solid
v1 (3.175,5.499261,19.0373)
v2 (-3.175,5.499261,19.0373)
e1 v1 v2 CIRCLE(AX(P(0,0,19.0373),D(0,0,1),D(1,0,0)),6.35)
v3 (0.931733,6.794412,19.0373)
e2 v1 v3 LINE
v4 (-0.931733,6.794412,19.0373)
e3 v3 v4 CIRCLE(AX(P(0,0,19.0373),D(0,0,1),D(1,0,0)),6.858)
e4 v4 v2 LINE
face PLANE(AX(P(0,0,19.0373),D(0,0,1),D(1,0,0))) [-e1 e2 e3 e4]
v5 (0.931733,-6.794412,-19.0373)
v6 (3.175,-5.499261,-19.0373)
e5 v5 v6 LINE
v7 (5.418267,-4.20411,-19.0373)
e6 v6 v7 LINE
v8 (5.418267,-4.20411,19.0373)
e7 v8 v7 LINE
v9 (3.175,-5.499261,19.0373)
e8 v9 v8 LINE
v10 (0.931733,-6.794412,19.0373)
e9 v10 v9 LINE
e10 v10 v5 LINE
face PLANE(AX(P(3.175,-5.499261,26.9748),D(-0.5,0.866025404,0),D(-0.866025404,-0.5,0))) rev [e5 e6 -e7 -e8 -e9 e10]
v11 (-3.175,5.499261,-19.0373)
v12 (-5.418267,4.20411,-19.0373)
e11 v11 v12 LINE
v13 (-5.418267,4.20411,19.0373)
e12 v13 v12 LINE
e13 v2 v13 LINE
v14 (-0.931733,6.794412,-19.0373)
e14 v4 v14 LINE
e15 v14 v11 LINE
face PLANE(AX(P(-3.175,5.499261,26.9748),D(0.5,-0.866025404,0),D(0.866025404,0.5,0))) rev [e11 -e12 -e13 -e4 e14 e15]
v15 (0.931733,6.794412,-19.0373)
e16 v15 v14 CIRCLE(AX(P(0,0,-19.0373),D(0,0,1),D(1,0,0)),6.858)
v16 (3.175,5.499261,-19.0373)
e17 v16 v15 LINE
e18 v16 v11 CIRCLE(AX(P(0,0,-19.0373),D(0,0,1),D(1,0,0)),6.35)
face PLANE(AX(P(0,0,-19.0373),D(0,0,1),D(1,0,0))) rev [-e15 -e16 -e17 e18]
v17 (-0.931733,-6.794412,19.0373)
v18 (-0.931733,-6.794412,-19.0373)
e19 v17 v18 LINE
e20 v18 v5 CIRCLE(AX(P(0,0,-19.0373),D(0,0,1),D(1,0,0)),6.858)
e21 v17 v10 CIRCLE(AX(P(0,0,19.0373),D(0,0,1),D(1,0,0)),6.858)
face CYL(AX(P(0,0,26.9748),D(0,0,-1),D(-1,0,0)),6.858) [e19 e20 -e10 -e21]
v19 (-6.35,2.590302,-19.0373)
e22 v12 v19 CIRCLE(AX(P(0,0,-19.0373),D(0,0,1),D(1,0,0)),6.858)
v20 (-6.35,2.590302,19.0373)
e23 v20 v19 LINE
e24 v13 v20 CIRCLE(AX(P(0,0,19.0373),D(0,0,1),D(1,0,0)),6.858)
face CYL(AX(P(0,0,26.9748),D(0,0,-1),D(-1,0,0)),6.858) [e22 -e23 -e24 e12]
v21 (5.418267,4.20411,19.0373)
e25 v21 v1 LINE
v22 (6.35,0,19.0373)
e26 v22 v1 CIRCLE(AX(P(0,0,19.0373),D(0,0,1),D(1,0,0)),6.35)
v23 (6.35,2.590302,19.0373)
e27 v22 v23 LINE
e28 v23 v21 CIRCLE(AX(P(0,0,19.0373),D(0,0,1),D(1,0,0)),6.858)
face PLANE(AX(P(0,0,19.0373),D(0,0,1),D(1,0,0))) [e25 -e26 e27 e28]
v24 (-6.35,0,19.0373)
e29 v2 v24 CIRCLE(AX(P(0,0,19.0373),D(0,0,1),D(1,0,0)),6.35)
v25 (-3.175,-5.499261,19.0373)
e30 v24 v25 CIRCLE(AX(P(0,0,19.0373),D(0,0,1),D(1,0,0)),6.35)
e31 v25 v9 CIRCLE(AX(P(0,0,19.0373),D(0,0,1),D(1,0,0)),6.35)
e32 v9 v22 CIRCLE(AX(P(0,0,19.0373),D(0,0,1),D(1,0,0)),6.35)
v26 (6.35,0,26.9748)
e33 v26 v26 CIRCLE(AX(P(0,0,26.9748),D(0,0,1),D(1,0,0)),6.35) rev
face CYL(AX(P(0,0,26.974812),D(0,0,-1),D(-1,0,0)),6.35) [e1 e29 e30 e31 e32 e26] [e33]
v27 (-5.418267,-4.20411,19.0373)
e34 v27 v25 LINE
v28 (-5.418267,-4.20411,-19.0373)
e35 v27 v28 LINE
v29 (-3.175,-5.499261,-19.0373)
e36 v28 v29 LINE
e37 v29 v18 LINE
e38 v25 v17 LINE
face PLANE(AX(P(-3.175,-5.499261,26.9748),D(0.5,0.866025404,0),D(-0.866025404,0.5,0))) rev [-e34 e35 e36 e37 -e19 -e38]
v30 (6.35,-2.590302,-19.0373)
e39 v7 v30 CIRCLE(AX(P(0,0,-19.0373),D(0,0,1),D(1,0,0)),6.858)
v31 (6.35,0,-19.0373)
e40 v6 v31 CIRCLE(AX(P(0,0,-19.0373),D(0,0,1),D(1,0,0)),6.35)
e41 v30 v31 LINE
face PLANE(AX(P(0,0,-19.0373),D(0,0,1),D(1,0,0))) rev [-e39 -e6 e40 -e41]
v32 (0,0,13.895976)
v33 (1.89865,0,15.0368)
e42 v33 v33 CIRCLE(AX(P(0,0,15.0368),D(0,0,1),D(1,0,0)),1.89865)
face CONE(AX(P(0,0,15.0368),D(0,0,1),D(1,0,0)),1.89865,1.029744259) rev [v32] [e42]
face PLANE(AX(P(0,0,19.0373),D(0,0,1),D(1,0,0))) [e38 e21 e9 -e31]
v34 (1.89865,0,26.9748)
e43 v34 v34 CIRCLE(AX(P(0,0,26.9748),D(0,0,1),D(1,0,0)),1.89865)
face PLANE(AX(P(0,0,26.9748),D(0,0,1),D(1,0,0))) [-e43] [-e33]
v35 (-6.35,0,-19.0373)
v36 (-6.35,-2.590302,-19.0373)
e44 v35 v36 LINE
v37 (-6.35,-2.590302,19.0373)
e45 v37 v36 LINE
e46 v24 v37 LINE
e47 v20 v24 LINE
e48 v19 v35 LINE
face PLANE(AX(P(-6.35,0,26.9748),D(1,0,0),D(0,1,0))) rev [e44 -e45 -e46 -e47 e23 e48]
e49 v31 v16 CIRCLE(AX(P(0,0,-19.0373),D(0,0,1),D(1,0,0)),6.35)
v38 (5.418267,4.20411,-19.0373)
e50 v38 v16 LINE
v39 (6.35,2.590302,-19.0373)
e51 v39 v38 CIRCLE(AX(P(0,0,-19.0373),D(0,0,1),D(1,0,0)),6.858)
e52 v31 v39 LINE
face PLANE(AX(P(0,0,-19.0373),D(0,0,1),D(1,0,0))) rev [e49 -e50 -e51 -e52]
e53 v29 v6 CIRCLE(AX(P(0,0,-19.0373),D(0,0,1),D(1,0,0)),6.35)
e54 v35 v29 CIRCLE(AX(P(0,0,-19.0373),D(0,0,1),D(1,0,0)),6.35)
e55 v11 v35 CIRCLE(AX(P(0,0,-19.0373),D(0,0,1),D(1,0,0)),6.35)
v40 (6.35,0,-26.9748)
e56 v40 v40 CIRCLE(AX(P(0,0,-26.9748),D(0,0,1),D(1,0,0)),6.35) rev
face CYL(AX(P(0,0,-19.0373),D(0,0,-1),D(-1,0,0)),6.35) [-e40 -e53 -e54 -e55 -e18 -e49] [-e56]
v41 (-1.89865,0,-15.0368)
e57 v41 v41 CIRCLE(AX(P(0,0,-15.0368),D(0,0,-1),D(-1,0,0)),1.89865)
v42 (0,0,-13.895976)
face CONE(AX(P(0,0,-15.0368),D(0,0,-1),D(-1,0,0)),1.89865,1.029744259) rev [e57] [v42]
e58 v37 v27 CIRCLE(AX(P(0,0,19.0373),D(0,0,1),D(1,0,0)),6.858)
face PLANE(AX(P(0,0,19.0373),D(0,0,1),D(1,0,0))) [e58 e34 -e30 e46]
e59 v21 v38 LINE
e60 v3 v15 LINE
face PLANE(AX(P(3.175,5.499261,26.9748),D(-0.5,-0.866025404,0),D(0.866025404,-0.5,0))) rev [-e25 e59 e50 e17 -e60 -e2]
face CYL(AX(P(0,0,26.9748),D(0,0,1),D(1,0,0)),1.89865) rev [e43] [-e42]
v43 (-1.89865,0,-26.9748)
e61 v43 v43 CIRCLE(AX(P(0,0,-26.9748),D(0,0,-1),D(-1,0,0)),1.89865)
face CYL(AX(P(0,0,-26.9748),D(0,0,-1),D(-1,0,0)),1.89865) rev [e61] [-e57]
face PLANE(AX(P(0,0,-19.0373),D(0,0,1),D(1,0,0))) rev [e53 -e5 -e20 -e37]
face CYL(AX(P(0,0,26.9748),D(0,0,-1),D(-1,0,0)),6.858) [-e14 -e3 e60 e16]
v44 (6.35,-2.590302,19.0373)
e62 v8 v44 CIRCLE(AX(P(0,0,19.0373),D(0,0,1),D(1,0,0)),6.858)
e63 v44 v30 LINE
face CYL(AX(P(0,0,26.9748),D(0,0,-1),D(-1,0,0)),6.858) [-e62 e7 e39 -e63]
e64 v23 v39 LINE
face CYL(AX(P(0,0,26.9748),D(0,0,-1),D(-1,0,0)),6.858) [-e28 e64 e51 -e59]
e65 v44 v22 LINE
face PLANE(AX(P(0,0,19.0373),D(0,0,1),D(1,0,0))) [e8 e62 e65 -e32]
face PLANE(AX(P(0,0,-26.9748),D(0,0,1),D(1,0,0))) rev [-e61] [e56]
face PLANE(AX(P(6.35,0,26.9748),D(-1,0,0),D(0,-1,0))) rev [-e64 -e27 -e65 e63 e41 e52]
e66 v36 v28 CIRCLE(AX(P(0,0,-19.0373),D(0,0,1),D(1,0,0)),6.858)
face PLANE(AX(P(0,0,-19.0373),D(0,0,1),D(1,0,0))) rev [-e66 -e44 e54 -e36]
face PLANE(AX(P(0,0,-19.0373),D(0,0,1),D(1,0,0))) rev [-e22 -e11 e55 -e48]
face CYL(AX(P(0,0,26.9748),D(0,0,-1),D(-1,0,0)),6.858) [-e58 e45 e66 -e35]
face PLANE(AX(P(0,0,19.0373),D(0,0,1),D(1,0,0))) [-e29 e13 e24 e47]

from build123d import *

# Parameters (mm, degrees)
BOSS_EXTRUDE1_DEPTH                  = 26.9748
CUT_EXTRUDE_THIN1_DEPTH              = 29.548108502
CUT_EXTRUDE_THIN1_DEPTH_BACK         = 7.9375
CUT_EXTRUDE_THIN1_START              = 26.9748
SKETCH2_R                            = 8.89
SKETCH2_R_2                          = 6.35
CUT_EXTRUDE_THIN2_START              = -26.9748
SKETCH2_2_R                          = 8.89
SKETCH2_2_R_2                        = 6.35
CUT_EXTRUDE_THIN2_DEPTH              = 7.9375
F_10_24_TAPPED_HOLE1_D               = 3.7973
F_10_24_TAPPED_HOLE1_DEPTH           = 11.938
F_10_24_TAPPED_HOLE1_TIP             = 1.140824014
F_10_24_TAPPED_HOLE1_ON_FACE_2_D     = 3.7973
F_10_24_TAPPED_HOLE1_ON_FACE_2_DEPTH = 11.938
F_10_24_TAPPED_HOLE1_ON_FACE_2_TIP   = 1.140824014


with BuildPart() as part:
    # Sketch1 → Boss-Extrude1 (new, symmetric)
    with BuildSketch(Plane.XY):
        with BuildLine():
            ThreePointArc((0.93173274, 6.79441227), (0, 6.858), (-0.93173274, 6.79441227))
            Line((-0.93173274, 6.79441227), (-5.41826726, 4.204110358))
            ThreePointArc((-5.41826726, 4.204110358), (-5.939202219, 3.429), (-6.35, 2.590301913))
            Line((-6.35, 2.590301913), (-6.35, -2.590301913))
            ThreePointArc((-6.35, -2.590301913), (-5.939202219, -3.429), (-5.41826726, -4.204110358))
            Line((-5.41826726, -4.204110358), (-0.93173274, -6.79441227))
            ThreePointArc((-0.93173274, -6.79441227), (0, -6.858), (0.93173274, -6.79441227))
            Line((0.93173274, -6.79441227), (5.41826726, -4.204110358))
            ThreePointArc((5.41826726, -4.204110358), (5.939202219, -3.429), (6.35, -2.590301913))
            Line((6.35, -2.590301913), (6.35, 2.590301913))
            ThreePointArc((6.35, 2.590301913), (5.939202219, 3.429), (5.41826726, 4.204110358))
            Line((5.41826726, 4.204110358), (0.93173274, 6.79441227))
        make_face()
    extrude(amount=BOSS_EXTRUDE1_DEPTH, both=True)

    # Sketch2 → Cut-Extrude-Thin1 (cut, two sides: drawn at the far end of the back side and taken through both)
    with BuildSketch(Plane.XY.offset(CUT_EXTRUDE_THIN1_START - CUT_EXTRUDE_THIN1_DEPTH_BACK)):
        Circle(SKETCH2_R)
        Circle(SKETCH2_R_2, mode=Mode.SUBTRACT)
    extrude(amount=CUT_EXTRUDE_THIN1_DEPTH + CUT_EXTRUDE_THIN1_DEPTH_BACK, mode=Mode.SUBTRACT)

    # Sketch2<2> → Cut-Extrude-Thin2 (cut)
    with BuildSketch(Plane.XY.offset(CUT_EXTRUDE_THIN2_START)):
        Circle(SKETCH2_2_R)
        Circle(SKETCH2_2_R_2, mode=Mode.SUBTRACT)
    extrude(amount=CUT_EXTRUDE_THIN2_DEPTH, mode=Mode.SUBTRACT)

    # #10-24 Tapped Hole1
    with Locations(Plane.XY.offset(26.9748)):
        with Locations((0, 0)):
            Hole(F_10_24_TAPPED_HOLE1_D / 2, depth=F_10_24_TAPPED_HOLE1_DEPTH)
            with Locations((0, 0, -(F_10_24_TAPPED_HOLE1_DEPTH + F_10_24_TAPPED_HOLE1_TIP / 2))):  # 118° drill point
                Cone(0, F_10_24_TAPPED_HOLE1_D / 2, F_10_24_TAPPED_HOLE1_TIP, mode=Mode.SUBTRACT)

    # #10-24 Tapped Hole1 on face 2
    with Locations(Plane(origin=(0, 0, -26.9748), x_dir=(-1, 0, 0), z_dir=(0, 0, -1))):
        with Locations((0, 0)):
            Hole(F_10_24_TAPPED_HOLE1_ON_FACE_2_D / 2, depth=F_10_24_TAPPED_HOLE1_ON_FACE_2_DEPTH)
            with Locations((0, 0, -(F_10_24_TAPPED_HOLE1_ON_FACE_2_DEPTH + F_10_24_TAPPED_HOLE1_ON_FACE_2_TIP / 2))):  # 118° drill point
                Cone(0, F_10_24_TAPPED_HOLE1_ON_FACE_2_D / 2, F_10_24_TAPPED_HOLE1_ON_FACE_2_TIP, mode=Mode.SUBTRACT)


solid = part.part
